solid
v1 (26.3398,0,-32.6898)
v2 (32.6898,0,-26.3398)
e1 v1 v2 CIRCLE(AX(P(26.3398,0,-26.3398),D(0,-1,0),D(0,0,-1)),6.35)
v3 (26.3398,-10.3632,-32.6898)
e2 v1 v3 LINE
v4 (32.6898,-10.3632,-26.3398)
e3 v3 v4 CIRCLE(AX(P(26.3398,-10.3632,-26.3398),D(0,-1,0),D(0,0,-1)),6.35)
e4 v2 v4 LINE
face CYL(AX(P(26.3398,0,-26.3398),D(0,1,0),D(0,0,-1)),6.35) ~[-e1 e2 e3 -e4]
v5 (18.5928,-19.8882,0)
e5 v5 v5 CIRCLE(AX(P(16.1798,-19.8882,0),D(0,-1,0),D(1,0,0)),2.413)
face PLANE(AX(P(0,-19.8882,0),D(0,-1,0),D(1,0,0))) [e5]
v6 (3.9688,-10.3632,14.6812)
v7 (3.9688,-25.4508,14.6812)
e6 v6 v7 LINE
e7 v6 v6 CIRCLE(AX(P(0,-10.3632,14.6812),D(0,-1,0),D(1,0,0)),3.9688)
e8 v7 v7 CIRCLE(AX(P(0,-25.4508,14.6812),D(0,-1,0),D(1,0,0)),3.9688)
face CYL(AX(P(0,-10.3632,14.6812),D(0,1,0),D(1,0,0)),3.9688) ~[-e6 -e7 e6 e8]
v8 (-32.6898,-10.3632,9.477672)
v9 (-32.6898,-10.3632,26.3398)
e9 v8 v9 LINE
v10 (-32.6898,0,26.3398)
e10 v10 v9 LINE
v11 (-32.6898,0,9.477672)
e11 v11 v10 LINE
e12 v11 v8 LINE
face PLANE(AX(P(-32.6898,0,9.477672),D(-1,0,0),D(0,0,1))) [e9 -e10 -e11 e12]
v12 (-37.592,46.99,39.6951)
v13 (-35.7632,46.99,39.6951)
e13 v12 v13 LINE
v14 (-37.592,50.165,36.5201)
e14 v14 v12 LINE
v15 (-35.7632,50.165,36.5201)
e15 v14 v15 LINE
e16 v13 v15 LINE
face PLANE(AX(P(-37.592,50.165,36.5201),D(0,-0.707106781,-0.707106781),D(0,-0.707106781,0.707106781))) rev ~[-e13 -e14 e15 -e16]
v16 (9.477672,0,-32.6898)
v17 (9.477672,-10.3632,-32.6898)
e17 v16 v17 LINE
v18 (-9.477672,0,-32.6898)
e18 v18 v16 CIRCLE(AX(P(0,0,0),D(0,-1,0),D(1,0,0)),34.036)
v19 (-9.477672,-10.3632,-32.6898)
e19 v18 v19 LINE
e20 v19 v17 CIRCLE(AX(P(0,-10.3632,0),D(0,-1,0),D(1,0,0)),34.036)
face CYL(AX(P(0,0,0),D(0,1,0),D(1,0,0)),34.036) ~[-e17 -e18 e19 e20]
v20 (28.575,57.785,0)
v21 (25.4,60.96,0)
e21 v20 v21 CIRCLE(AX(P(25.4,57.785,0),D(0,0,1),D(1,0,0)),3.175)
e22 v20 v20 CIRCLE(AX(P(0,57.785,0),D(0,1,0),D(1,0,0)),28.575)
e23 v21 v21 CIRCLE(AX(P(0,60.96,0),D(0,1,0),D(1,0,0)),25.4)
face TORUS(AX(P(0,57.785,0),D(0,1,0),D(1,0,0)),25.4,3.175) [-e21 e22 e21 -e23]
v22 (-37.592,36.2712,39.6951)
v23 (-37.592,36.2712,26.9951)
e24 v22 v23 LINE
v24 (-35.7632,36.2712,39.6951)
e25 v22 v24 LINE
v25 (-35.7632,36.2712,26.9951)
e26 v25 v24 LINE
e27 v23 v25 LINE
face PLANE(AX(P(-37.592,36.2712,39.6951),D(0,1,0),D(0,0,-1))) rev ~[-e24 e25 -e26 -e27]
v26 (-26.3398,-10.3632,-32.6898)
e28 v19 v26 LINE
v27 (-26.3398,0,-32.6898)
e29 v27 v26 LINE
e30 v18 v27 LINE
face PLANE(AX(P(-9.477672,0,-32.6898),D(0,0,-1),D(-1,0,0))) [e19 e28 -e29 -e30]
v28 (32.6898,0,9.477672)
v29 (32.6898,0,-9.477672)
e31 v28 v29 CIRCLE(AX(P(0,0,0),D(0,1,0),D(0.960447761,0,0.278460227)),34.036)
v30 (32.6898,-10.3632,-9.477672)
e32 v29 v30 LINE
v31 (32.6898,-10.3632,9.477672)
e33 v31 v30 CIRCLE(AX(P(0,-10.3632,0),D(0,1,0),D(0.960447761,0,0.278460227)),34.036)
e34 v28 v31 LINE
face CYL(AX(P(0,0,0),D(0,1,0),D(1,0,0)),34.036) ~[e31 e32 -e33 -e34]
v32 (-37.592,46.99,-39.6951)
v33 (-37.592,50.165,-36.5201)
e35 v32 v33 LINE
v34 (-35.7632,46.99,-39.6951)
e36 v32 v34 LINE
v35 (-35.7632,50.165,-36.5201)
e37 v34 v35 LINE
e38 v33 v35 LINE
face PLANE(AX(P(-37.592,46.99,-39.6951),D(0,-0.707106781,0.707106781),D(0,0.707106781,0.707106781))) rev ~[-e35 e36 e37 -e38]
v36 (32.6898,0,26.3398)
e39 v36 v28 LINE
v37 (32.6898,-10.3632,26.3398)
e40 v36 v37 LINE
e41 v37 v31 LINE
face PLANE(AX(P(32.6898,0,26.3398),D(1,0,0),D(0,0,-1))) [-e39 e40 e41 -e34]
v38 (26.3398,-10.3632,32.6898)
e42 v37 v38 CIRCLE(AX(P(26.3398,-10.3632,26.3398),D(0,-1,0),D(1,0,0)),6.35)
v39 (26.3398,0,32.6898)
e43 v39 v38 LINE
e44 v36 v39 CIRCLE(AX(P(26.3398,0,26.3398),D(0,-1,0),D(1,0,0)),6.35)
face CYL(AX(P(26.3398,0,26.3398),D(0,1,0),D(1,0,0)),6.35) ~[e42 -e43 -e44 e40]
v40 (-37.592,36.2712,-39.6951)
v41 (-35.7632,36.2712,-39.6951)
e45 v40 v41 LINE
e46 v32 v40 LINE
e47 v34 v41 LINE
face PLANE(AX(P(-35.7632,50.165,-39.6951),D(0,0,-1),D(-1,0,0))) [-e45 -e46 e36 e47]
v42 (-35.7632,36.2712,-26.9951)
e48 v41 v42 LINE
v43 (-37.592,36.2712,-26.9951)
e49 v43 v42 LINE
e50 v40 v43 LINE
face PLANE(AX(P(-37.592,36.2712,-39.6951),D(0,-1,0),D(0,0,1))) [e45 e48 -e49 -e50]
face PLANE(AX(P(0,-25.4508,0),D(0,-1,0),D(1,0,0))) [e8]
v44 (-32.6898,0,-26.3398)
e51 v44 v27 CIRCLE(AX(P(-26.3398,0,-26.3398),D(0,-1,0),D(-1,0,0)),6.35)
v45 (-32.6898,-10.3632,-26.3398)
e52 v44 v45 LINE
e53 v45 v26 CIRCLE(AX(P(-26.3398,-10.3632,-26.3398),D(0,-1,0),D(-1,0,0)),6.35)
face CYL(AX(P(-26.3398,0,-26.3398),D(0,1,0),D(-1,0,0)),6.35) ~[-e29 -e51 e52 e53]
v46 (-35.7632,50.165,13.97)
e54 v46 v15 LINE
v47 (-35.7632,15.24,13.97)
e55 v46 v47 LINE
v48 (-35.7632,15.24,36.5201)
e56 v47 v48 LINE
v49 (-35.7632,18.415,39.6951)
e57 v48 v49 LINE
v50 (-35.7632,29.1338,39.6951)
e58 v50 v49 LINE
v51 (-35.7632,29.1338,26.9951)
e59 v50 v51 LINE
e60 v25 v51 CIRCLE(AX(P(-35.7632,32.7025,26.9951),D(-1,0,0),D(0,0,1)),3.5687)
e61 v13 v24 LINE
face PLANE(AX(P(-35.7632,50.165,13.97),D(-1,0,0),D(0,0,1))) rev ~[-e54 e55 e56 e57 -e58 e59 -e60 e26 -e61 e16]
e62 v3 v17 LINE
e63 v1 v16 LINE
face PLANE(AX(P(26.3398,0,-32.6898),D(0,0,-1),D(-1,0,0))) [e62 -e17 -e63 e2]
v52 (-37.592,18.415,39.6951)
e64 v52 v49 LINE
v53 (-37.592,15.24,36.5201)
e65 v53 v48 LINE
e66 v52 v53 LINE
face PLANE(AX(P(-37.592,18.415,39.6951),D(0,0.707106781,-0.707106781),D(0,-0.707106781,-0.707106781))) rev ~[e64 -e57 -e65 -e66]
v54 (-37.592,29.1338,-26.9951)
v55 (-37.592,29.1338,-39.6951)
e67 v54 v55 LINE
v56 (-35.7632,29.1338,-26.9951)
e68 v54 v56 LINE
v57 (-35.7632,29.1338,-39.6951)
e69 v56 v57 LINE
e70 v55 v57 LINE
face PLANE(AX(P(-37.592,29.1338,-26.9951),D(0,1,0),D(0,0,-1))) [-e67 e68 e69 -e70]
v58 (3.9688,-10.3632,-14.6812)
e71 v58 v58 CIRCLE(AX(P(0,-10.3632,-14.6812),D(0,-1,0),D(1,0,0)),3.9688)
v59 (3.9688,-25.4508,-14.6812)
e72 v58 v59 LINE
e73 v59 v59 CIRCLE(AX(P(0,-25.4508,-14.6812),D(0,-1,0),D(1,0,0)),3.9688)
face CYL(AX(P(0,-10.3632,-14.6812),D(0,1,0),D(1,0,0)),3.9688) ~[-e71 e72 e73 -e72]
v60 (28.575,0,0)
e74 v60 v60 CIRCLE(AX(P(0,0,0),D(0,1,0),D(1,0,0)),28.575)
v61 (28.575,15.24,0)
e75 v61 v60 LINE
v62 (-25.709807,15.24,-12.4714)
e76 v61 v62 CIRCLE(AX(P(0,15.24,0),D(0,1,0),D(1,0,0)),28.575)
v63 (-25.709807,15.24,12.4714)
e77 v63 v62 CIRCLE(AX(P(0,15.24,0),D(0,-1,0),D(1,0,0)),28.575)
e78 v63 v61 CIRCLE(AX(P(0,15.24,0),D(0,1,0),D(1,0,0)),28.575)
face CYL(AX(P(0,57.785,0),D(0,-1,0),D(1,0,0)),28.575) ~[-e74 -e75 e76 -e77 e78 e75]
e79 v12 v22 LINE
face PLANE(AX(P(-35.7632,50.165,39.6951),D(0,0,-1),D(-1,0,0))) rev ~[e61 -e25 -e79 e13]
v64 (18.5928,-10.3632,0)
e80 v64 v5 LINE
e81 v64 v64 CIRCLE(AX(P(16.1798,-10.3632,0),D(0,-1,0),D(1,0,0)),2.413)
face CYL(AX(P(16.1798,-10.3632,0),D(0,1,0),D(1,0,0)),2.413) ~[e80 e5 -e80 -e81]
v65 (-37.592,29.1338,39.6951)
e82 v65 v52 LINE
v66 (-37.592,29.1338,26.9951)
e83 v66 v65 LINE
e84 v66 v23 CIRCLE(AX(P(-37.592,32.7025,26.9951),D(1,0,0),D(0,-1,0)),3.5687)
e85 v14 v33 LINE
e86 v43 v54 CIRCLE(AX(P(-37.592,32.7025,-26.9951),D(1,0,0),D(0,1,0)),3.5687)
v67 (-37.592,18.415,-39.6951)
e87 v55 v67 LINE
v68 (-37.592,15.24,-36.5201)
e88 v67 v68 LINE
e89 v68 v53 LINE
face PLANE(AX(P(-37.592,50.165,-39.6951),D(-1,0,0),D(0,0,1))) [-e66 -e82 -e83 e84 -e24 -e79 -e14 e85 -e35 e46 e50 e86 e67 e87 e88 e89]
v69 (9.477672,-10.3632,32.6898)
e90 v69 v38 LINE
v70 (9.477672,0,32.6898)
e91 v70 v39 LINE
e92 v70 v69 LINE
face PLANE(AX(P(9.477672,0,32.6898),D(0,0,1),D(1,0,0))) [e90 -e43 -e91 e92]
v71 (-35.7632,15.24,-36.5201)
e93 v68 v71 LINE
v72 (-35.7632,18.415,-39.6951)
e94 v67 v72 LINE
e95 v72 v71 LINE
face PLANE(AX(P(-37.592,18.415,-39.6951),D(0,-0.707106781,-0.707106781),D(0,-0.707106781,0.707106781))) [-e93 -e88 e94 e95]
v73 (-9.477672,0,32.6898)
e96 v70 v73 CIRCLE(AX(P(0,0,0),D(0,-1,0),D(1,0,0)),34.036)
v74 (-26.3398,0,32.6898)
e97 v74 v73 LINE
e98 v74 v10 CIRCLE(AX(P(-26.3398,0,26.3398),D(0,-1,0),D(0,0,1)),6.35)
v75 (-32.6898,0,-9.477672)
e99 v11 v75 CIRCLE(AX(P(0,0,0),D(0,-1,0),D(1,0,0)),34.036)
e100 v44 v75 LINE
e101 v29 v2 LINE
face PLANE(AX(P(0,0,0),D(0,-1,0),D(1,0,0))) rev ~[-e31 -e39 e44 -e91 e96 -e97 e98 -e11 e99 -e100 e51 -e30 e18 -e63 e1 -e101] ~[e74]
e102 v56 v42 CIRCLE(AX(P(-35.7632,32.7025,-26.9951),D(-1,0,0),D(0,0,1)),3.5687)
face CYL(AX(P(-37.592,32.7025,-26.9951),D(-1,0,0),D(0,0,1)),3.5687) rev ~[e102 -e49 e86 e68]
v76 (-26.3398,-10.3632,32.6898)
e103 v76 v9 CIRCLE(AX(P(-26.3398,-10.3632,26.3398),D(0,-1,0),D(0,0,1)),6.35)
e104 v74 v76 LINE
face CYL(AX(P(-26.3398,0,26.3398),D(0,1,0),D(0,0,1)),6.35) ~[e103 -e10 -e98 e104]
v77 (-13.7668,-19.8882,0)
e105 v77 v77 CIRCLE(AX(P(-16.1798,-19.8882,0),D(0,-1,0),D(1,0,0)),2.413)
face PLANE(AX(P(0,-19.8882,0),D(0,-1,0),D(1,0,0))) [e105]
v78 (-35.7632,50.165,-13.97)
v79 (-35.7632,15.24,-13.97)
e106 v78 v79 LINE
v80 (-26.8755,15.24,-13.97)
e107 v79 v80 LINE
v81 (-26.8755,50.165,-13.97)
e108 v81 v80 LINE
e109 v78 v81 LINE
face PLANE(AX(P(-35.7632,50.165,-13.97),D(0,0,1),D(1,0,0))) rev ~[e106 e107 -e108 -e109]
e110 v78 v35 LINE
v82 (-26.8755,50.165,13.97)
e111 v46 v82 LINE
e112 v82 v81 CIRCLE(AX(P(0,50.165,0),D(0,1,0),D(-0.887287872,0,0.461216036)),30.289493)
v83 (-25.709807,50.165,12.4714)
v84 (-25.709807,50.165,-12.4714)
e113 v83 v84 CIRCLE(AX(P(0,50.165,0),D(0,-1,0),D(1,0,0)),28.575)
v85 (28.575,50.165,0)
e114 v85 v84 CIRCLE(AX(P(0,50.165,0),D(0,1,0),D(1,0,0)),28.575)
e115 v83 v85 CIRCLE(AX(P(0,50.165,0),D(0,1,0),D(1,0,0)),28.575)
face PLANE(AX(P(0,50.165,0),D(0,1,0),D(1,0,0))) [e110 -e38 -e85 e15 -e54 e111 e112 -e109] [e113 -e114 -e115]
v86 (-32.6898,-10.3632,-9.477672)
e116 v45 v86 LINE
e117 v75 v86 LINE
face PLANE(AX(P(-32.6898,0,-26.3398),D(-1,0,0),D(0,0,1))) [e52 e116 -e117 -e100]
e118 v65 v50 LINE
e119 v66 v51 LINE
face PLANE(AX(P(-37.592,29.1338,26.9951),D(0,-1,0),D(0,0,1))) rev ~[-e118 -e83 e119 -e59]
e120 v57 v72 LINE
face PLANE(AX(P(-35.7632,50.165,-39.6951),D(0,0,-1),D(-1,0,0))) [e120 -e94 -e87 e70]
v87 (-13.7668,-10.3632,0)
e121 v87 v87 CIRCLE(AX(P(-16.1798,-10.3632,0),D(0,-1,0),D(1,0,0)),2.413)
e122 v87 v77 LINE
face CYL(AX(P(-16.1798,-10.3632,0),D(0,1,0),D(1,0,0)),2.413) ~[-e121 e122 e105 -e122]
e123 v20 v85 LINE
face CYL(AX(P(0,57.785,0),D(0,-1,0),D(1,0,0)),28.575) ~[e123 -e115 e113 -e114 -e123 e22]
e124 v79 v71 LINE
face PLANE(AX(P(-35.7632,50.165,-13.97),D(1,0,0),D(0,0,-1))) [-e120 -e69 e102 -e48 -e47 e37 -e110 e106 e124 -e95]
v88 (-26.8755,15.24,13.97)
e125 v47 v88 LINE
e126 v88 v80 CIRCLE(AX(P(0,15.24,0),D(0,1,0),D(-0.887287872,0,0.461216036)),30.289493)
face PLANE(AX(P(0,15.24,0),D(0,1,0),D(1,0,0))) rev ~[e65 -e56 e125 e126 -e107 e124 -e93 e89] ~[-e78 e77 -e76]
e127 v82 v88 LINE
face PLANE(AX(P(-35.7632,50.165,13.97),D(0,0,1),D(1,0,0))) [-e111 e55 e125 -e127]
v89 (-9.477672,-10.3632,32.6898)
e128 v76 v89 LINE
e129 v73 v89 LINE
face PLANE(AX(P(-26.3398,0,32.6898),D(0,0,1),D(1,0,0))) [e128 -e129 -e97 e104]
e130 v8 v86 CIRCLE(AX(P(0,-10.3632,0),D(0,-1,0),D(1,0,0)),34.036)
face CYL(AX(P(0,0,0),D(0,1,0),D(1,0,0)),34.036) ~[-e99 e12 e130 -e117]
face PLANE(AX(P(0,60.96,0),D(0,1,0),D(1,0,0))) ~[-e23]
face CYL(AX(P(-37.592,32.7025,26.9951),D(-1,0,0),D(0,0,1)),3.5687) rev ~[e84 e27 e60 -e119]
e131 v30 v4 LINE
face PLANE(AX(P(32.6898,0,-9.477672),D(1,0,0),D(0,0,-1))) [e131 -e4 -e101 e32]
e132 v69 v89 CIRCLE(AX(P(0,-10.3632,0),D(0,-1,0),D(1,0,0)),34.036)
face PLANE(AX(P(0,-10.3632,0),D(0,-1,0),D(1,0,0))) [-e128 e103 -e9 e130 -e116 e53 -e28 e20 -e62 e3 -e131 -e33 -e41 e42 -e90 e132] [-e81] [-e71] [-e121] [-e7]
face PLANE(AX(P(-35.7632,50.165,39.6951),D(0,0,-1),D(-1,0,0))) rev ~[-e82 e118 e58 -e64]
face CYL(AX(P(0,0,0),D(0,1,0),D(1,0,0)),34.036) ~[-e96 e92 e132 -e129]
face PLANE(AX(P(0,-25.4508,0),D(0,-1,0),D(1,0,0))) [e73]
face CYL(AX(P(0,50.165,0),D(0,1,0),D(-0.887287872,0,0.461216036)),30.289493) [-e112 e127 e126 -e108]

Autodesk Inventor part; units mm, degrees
ref_plane "YZ Plane" through (0, 0, 0) normal (1, 0, 0) x (0, 1, 0)
ref_plane "XZ Plane" through (0, 0, 0) normal (0, 1, 0) x (-1, 0, 0)
ref_plane "XY Plane" through (0, 0, 0) normal (0, 0, 1) x (1, 0, 0)
sketch "Sketch1" plane through (0, 0, 0) normal (0, 0, 1) x (1, 0, 0)
  line L0 (0, 0) -> (0, 60.96)
  line L1 (0, 60.96) -> (25.4, 60.96)
  arc A0 (28.575, 57.785) -> (25.4, 60.96) centre (25.4, 57.785) ccw
  line L2 (28.575, 57.785) -> (28.575, 0)
  line L3 (28.575, 0) -> (0, 0)
  dimension "d0" = 3.175
  dimension "d1" = 60.96
  dimension "d3" = 28.575
revolve "Can" add sketch "Sketch1" angle 360 about axis through (0, 0, 0) along (0, 1, 0)
sketch "Sketch2" plane through (0, 0, 0) normal (0, -1, 0) x (1, 0, 0)
  circle A0 centre (0, 0) radius 28.575 projected
  circle A1 centre (0, 0) radius 34.036
  line L0 (-26.3398, 32.6898) -> (26.3398, 32.6898)
  line L1 (32.6898, 26.3398) -> (32.6898, -26.3398)
  line L2 (26.3398, -32.6898) -> (-26.3398, -32.6898)
  line L3 (-32.6898, -26.3398) -> (-32.6898, 26.3398)
  arc A2 (32.6898, 26.3398) -> (26.3398, 32.6898) centre (26.3398, 26.3398) ccw
  arc A3 (-26.3398, 32.6898) -> (-32.6898, 26.3398) centre (-26.3398, 26.3398) ccw
  arc A4 (-32.6898, -26.3398) -> (-26.3398, -32.6898) centre (-26.3398, -26.3398) ccw
  arc A5 (26.3398, -32.6898) -> (32.6898, -26.3398) centre (26.3398, -26.3398) ccw
  point P0 (-32.6898, 32.6898)
  point P1 (32.6898, 32.6898)
  point P2 (0, 32.6898)
  point P3 (-32.6898, 0)
  dimension "d5" = 65.3796
  dimension "d6" = 68.072
  dimension "d7" = 6.35
extrude "Plate" add sketch "Sketch2" along normal blind 10.3632 contours A0 | A1 L1 | L1 A1 L2 L3 L0 | A1 L0 A2 L1 | L1 A5 L2 A1 | L0 A1 | A1 L2 | A1 L3 A3 L0 | L2 A4 L3 A1 | L3 A1
sketch "Sketch3" plane through (0, -10.3632, 0) normal (0, -1, 0) x (1, 0, 0)
  arc A0 (-9.4777, -32.6898) -> (9.4777, -32.6898) centre (0, 0) ccw projected
  circle A1 centre (-16.1798, 0) radius 2.413
  circle A2 centre (16.1798, 0) radius 2.413
  dimension "d10" = 4.826
  dimension "d11" = 32.3596
  dimension "d12" = 16.1798
extrude "Coil Studs" add sketch "Sketch3" along normal blind 9.525
thread "Coil Stud 1" size "10-32 UNF" class "2A" standard "ANSI Unified Screw Threads" full length
thread "Coil Stud 2" size "10-32 UNF" class "2A" standard "ANSI Unified Screw Threads" full length
sketch "Sketch4" plane through (0, -10.3632, 0) normal (0, -1, 0) x (1, 0, 0)
  arc A0 (-9.4777, -32.6898) -> (9.4777, -32.6898) centre (0, 0) ccw projected
  circle A1 centre (0, 14.6812) radius 3.9688
  circle A2 centre (0, -14.6812) radius 3.9688
  dimension "d19" = 29.3624
  dimension "d20" = 14.6812
  dimension "d21" = 7.9375
extrude "Power Studs" add sketch "Sketch4" along normal blind 15.0876
thread "Power Stud 1" size "5/16-18 UNC" class "2A" standard "ANSI Unified Screw Threads" full length
thread "Power Stud 2" size "5/16-18 UNC" class "2A" standard "ANSI Unified Screw Threads" full length
ref_plane "Work Plane1" through (0, 15.24, 0) normal (0, 1, 0) x (1, 0, 0)
sketch "Sketch5" plane through (0, 15.24, 0) normal (0, 1, 0) x (1, 0, 0)
  line L0 (-37.592, 12.4714) -> (-19.05, 12.4714)
  line L1 (-19.05, 12.4714) -> (-19.05, -12.4714)
  line L2 (-19.05, -12.4714) -> (-37.592, -12.4714)
  line L3 (-37.592, -12.4714) -> (-37.592, 12.4714)
  point P0 (0, 0)
  point P1 (-19.05, 0)
  dimension "d29" = 37.592
  dimension "d30" = 24.9428
  dimension "d31" = 19.05
extrude "Extrusion4" add sketch "Sketch5" along normal blind 34.925
sketch "Sketch6" plane through (0, 50.165, 0) normal (0, 1, 0) x (1, 0, 0)
  arc A0 (-25.7098, 12.4714) -> (-25.7098, -12.4714) centre (0, 0) ccw projected
  line L0 (-37.592, 12.4714) -> (-25.7098, 12.4714) projected
  line L1 (-25.7098, -12.4714) -> (-37.592, -12.4714) projected
  line L2 (-37.592, 12.4714) -> (-35.7632, 12.4714)
  line L3 (-35.7632, 13.97) -> (-35.7632, 39.6951)
  line L4 (-35.7632, 39.6951) -> (-37.592, 39.6951)
  line L5 (-37.592, 39.6951) -> (-37.592, 12.4714)
  circle A1 centre (0, 0) radius 28.575
  arc A2 (-26.8755, -13.97) -> (-26.8755, 13.97) centre (0, 0) ccw
  line L6 (-35.7632, 13.97) -> (-26.8755, 13.97)
  line L7 (-37.592, -12.4714) -> (-35.7632, -12.4714)
  line L8 (-35.7632, -13.97) -> (-35.7632, -39.6951)
  line L9 (-35.7632, -39.6951) -> (-37.592, -39.6951)
  line L10 (-37.592, -39.6951) -> (-37.592, -12.4714)
  line L11 (-35.7632, -13.97) -> (-26.8755, -13.97)
  dimension "d34" = 57.15
  dimension "d35" = 60.579
  dimension "d36" = 27.94
  dimension "d37" = 1.8288
  dimension "d38" = 79.3902
extrude "Mounting Plate" add sketch "Sketch6" against normal blind 34.925 contours L0 L5 L4 L3 L6 A2 L11 L8 L9 L10 L1 A1
sketch "Sketch7" plane through (-37.592, 15.24, -39.6951) normal (-1, 0, 0) x (0, 0, 1)
  line L0 (0, 34.925) -> (79.3902, 34.925) projected
  line L1 (0, 34.925) -> (0, 0) projected
  line L2 (0, 0) -> (79.3902, 0) projected
  line L3 (79.3902, 34.925) -> (79.3902, 0) projected
  circle A0 centre (12.7, 17.4625) radius 3.5687
  line L4 (0, 21.0312) -> (12.7, 21.0312)
  line L5 (12.7, 21.0312) -> (12.7, 13.8938)
  line L6 (12.7, 13.8938) -> (0, 13.8938)
  line L7 (0, 13.8938) -> (0, 21.0312)
  line L8 (0, 31.75) -> (3.175, 34.925)
  line L9 (0, 17.4625) -> (79.3902, 17.4625)
  line L10 (39.6951, 34.925) -> (39.6951, 0)
  circle A1 centre (66.6902, 17.4625) radius 3.5687
  line L11 (79.3902, 21.0312) -> (66.6902, 21.0312)
  line L12 (66.6902, 21.0312) -> (66.6902, 13.8938)
  line L13 (66.6902, 13.8938) -> (79.3902, 13.8938)
  line L14 (79.3902, 13.8938) -> (79.3902, 21.0312)
  line L15 (0, 3.175) -> (3.175, 0)
  line L16 (79.3902, 3.175) -> (76.2152, 0)
  line L17 (76.2152, 34.925) -> (79.3902, 31.75)
  point P0 (39.6951, -15.24)
  dimension "d41" = 7.1374
  dimension "d42" = 12.7
  dimension "d43" = 3.175
  dimension "d44" = 3.175
extrude "Extrusion6" cut sketch "Sketch7" against normal up to next contours L0 L8 L1 | L4 A0 L9 L1 | L0 L3 L17 | L9 A0 L6 L1 | L5 L9 A0 | A0 L9 L5 | A0 L5 L9 | A1 L12 L9 | L9 L12 A1 | L9 L5 A0 | L3 L9 A1 L11 | L12 A1 L9 | L9 A1 L12 | A1 L9 L3 L13 | L2 L1 L15 | L16 L3 L2
equation "\"d12\" = 0.5 * d11"
equation "\"d20\" = 0.5 * d19"
properties part number "realy"
